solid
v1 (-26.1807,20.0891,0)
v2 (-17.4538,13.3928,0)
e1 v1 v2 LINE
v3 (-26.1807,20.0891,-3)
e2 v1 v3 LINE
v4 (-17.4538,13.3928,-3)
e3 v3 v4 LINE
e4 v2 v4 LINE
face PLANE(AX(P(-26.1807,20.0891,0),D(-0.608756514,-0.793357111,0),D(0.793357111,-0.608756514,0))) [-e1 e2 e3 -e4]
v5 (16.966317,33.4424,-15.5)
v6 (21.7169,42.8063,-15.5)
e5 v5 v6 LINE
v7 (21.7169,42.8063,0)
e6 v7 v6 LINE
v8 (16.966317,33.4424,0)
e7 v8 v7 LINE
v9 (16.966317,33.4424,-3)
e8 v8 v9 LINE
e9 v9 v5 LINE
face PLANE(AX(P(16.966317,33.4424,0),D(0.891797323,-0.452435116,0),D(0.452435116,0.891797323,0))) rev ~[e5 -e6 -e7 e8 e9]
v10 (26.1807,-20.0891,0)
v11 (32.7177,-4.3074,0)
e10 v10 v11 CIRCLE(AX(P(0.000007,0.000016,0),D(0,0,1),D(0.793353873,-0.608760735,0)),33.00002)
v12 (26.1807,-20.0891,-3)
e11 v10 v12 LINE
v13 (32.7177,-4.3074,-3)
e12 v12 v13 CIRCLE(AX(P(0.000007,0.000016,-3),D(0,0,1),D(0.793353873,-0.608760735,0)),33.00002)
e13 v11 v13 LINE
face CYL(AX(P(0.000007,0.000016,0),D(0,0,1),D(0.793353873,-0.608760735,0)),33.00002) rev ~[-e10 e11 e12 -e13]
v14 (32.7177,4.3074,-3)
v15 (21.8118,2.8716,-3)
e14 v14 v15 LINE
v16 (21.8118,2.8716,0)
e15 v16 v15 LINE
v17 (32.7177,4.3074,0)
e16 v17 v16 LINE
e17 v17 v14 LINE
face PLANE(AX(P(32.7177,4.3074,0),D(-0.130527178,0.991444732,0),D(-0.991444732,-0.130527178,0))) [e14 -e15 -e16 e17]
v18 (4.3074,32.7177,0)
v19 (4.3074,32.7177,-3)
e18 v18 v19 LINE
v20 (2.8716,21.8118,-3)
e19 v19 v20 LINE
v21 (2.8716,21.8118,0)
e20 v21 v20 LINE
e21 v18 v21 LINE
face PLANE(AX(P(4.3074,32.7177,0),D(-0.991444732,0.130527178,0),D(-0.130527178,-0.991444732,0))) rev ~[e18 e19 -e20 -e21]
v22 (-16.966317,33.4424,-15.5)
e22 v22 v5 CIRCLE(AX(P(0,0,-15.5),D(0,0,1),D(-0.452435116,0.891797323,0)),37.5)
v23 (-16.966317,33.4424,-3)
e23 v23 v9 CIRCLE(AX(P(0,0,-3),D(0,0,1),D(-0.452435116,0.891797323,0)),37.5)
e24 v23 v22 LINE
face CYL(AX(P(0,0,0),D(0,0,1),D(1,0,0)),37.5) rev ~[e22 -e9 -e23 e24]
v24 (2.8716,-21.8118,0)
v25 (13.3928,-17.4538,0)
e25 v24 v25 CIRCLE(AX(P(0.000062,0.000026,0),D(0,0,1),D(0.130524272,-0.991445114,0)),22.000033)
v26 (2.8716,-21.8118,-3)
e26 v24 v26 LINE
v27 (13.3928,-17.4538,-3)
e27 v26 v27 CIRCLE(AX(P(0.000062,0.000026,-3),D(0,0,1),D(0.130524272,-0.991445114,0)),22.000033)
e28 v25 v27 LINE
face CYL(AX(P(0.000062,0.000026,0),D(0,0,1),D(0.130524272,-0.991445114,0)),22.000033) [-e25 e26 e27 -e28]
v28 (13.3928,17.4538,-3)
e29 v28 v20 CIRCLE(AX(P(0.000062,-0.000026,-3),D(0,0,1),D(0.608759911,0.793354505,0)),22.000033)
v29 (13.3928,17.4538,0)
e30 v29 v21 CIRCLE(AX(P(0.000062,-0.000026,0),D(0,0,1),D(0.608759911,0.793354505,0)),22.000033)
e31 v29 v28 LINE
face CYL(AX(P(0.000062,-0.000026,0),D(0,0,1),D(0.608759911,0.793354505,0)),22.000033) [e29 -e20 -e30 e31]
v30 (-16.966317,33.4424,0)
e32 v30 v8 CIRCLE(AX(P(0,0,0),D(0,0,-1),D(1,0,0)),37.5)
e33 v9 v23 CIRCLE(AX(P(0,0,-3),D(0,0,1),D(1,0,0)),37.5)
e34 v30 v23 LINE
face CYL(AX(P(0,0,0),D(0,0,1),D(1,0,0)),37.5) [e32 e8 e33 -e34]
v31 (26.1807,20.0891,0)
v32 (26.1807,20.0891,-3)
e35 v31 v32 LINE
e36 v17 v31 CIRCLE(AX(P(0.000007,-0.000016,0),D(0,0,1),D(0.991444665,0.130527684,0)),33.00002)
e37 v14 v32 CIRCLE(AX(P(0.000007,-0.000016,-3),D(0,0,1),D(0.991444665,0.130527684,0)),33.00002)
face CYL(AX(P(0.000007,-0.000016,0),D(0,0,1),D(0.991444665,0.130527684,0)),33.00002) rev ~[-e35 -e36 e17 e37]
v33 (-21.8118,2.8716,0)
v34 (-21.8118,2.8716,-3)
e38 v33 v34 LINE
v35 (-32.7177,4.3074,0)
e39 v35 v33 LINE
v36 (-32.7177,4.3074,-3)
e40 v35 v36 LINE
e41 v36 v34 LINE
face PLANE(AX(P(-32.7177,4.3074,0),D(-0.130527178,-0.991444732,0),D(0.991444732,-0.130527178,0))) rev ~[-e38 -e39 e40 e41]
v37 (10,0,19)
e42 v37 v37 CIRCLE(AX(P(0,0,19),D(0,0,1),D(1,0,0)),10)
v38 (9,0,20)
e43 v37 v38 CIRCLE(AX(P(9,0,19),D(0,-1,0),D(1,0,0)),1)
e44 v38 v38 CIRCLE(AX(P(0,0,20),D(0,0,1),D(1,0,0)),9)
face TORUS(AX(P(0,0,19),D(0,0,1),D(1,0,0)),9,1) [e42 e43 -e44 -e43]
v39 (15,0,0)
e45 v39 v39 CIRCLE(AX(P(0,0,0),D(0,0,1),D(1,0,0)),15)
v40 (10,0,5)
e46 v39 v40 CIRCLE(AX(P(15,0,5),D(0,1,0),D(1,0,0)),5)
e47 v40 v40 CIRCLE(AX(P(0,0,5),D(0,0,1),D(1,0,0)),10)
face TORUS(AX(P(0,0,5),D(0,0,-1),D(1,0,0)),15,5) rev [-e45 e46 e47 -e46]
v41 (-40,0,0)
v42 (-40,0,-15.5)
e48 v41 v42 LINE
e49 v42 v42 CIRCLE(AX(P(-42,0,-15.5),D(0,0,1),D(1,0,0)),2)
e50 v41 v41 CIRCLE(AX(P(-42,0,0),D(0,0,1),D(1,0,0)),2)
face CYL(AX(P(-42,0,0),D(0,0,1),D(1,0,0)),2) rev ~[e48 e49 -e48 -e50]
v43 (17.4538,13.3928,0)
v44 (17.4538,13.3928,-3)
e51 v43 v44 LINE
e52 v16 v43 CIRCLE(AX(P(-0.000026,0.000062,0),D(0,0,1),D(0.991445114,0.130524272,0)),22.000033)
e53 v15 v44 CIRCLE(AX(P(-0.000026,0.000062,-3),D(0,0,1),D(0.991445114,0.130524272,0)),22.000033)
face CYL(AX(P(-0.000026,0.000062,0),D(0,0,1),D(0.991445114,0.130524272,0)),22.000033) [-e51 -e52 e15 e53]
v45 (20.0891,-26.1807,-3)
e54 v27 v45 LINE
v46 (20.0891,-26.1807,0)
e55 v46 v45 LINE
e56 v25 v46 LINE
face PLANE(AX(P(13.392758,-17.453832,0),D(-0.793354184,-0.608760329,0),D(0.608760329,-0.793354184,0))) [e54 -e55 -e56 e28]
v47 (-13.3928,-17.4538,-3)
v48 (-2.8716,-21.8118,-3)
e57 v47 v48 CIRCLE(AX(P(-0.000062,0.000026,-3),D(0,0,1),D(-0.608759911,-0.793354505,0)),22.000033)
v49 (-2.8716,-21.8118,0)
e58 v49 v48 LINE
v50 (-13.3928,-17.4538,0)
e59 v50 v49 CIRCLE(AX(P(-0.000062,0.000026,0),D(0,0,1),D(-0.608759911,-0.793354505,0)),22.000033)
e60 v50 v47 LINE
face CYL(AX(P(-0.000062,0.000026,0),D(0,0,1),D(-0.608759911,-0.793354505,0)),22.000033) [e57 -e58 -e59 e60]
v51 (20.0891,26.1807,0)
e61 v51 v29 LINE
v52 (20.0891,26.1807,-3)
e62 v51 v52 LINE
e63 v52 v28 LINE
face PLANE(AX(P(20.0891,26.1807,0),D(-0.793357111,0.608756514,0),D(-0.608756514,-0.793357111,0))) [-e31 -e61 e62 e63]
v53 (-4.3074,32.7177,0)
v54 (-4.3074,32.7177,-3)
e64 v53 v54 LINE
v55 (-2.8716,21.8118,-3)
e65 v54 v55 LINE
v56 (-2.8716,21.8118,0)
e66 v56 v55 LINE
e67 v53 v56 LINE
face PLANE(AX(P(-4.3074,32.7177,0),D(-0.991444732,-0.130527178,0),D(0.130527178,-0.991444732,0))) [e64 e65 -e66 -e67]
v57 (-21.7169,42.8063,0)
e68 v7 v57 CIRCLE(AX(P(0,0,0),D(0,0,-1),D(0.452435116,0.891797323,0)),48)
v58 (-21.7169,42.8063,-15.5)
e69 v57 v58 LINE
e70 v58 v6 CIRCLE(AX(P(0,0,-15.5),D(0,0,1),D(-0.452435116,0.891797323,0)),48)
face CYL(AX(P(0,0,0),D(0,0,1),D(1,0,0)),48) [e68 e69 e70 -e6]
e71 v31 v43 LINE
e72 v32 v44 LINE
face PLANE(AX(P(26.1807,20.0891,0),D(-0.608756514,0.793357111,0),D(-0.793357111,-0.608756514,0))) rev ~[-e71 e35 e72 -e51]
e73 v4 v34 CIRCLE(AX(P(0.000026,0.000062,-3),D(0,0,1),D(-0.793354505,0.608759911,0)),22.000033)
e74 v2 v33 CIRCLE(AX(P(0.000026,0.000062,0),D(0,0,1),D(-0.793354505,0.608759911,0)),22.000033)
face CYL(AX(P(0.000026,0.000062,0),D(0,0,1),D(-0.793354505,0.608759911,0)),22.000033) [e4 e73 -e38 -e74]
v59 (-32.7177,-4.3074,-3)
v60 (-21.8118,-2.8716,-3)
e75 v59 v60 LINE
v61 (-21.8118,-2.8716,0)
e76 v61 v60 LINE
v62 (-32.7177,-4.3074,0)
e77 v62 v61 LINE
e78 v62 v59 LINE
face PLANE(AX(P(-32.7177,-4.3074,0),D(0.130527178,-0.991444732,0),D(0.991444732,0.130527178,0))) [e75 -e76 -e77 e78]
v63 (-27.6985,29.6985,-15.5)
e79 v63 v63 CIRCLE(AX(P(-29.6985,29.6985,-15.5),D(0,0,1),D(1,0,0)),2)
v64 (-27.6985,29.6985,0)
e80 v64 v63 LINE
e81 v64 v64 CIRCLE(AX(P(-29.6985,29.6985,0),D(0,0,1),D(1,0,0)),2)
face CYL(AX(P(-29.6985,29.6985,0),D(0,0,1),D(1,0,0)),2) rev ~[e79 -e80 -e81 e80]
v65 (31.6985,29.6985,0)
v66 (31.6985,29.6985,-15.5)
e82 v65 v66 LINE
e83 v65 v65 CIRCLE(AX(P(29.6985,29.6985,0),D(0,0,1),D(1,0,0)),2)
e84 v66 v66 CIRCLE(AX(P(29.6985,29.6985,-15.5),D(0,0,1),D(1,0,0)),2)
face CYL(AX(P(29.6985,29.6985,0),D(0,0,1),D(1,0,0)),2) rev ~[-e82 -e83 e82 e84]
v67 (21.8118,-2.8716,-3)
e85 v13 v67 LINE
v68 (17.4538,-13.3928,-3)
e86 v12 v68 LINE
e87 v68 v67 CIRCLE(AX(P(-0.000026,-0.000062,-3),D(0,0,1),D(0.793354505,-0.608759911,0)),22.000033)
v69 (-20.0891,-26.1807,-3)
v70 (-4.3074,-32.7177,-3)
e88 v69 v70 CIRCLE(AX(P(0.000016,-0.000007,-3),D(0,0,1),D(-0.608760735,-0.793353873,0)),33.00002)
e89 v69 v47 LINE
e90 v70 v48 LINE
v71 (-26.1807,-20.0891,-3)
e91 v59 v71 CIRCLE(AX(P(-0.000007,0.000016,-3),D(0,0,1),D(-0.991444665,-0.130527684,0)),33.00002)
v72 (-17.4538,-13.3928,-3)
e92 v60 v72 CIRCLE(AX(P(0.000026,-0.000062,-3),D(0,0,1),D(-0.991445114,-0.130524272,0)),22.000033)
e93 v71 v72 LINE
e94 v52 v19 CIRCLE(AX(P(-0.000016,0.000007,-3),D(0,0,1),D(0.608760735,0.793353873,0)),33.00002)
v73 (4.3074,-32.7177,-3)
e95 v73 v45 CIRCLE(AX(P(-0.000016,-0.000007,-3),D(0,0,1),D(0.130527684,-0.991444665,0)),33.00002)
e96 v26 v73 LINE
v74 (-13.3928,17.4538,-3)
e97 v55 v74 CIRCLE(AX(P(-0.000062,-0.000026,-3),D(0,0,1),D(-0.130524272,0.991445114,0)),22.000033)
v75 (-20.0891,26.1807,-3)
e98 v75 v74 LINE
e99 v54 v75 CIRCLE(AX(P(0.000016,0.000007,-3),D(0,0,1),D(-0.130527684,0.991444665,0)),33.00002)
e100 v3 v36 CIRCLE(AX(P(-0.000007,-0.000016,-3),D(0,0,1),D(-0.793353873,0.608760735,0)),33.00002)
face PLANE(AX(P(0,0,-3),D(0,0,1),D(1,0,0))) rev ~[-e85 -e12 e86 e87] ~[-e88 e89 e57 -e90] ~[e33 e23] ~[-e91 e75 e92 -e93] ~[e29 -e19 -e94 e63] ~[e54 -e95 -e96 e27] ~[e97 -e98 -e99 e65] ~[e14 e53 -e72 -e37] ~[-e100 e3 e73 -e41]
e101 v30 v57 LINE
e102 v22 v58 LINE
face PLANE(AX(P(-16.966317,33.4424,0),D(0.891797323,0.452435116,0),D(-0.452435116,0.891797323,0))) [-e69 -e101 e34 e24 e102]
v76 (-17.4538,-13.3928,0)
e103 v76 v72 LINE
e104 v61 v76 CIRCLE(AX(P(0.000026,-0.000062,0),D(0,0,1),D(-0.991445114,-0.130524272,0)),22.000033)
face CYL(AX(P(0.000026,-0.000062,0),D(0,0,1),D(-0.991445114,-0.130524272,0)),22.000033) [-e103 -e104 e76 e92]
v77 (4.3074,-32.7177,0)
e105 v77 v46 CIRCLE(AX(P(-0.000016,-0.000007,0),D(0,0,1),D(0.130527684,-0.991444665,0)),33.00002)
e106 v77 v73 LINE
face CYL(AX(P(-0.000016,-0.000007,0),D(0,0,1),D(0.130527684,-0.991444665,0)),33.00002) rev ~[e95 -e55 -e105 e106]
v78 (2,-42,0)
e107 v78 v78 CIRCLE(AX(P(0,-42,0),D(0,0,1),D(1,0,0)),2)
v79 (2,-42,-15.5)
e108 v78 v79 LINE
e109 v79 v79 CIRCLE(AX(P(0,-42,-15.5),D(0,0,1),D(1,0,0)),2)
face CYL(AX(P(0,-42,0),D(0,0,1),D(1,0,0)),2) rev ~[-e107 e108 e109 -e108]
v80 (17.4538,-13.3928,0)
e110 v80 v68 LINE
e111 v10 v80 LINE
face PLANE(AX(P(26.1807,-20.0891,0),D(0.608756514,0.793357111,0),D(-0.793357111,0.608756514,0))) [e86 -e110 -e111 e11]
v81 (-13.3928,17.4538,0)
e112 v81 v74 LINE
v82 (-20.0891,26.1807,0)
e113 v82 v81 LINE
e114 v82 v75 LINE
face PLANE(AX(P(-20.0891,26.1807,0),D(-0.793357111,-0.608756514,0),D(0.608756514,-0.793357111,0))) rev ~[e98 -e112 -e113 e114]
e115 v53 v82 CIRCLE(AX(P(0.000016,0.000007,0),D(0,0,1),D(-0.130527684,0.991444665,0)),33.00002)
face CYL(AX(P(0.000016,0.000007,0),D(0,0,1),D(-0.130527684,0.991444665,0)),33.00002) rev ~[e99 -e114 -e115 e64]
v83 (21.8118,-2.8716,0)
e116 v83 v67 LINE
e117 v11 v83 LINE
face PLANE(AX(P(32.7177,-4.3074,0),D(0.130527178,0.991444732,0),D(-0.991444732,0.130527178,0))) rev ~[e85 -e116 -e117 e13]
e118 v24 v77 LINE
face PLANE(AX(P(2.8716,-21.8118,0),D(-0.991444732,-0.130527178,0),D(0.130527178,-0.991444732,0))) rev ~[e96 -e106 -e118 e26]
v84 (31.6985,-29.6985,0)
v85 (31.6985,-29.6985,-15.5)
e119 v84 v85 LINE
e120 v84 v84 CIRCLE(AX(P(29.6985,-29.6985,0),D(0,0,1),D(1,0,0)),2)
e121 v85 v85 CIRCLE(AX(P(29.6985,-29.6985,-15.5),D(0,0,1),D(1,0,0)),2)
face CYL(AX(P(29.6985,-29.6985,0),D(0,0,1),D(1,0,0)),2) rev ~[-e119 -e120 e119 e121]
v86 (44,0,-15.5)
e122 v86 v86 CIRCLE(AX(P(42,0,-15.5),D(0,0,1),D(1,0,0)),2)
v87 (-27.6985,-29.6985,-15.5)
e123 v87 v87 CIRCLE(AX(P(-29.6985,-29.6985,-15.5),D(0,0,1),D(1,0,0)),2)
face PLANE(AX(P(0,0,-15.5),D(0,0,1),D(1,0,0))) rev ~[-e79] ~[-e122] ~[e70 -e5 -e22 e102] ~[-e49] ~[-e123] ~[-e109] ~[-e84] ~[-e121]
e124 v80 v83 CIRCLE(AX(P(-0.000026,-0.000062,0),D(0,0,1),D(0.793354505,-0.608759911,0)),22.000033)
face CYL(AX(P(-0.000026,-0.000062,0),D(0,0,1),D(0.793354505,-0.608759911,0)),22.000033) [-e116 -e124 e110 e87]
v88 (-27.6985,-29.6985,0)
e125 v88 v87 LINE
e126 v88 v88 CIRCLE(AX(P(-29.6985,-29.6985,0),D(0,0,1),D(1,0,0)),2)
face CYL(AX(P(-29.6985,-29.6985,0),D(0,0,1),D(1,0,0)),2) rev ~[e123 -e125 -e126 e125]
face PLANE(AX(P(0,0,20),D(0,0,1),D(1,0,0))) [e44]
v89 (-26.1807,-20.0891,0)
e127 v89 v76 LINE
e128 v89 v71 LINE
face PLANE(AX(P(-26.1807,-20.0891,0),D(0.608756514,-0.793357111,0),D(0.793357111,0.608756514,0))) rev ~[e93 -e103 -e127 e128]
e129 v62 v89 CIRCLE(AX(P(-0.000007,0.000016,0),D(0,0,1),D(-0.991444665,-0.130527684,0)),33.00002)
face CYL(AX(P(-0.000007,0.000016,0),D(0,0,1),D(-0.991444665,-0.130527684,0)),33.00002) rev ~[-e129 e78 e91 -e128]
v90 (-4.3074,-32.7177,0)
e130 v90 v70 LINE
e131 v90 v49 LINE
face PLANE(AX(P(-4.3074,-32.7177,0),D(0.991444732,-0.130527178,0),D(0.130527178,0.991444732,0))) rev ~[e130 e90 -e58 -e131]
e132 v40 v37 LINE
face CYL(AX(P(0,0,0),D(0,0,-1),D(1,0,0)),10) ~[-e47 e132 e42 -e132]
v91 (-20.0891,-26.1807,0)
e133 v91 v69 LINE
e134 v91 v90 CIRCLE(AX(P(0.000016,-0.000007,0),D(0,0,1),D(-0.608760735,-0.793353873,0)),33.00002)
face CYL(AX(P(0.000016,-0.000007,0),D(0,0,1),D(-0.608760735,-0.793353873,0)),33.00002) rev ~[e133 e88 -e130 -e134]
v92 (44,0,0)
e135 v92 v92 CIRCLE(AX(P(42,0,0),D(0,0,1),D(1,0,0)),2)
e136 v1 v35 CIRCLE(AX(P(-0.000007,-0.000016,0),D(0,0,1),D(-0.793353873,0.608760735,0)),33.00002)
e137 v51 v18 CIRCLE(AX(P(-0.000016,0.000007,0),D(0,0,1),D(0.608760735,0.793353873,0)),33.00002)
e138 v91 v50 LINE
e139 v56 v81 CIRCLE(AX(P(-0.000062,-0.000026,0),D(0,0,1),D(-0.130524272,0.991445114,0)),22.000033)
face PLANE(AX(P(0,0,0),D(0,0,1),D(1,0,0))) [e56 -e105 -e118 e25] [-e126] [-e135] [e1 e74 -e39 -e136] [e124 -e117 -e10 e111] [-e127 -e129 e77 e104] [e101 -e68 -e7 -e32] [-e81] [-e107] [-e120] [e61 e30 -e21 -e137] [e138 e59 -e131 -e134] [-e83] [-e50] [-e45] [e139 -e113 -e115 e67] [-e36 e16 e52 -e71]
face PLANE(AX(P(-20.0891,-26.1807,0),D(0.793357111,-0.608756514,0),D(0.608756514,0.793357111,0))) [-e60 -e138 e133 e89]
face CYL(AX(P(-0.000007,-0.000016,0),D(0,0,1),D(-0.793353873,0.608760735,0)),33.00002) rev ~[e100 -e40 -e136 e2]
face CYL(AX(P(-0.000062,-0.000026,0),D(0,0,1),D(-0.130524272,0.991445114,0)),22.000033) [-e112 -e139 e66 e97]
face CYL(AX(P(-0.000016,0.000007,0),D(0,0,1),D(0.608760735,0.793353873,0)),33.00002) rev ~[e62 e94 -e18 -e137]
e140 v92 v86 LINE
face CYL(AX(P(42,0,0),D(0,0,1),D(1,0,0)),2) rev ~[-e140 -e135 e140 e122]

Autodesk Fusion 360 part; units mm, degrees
sketch "base" plane through (0, 0, 0) normal (0, 0, 1) x (1, 0, 0)
  circle A0 centre (0, 0) radius 48
  circle A1 centre (0, 0) radius 37.5
  line L0 (0, 0) -> (0, 48)
  line L1 (0, 0) -> (-21.7169, 42.8063)
  line L2 (0, 0) -> (21.7169, 42.8063)
  dimension "d1" = 96
  dimension "d2" = 75
  dimension "d3" = 26.9
extrude "Extrude1" add sketch "base" against normal blind 15.5 contours A0 A1 L1 L2
extrude "Extrude2" add sketch "base" against normal blind 3 contours A1 L0 L2 | A1 L1 L2 | A1 L0 L1
sketch "axis" plane through (0, 0, 0) normal (0, 0, 1) x (1, 0, 0)
  circle A0 centre (0, 0) radius 10
  dimension "d8" = 20
extrude "Extrude3" add sketch "axis" along normal blind 20
fillet "Fillet1" radius 5 1 edges at (-9.3233, 3.6162, 0)
fillet "Fillet2" radius 1 1 edges at (-9.3233, -3.6162, 20)
sketch "thermal gaps" plane through (0, 0, 0) normal (0, 0, 1) x (1, 0, 0)
  line L0 (0, 0) -> (0, -65)
  line L1 (0, 0) -> (4.3074, -32.7177)
  line L2 (0, 0) -> (2.8716, -21.8118)
  line L3 (0, 0) -> (13.3928, -17.4538)
  line L4 (0, 0) -> (20.0891, -26.1807)
  arc A0 (2.8716, -21.8118) -> (13.3928, -17.4538) centre (0, 0) ccw
  arc A1 (4.3074, -32.7177) -> (20.0891, -26.1807) centre (0, 0) ccw
  line L5 (20.0891, -26.1807) -> (13.3928, -17.4538)
  line L6 (4.3074, -32.7177) -> (2.8716, -21.8118)
  line L7 (32.7177, -4.3074) -> (21.8118, -2.8716)
  line L8 (26.1807, -20.0891) -> (17.4538, -13.3928)
  arc A2 (17.4538, -13.3928) -> (21.8118, -2.8716) centre (0, 0) ccw
  arc A3 (26.1807, -20.0891) -> (32.7177, -4.3074) centre (0, 0) ccw
  line L9 (26.1807, 20.0891) -> (17.4538, 13.3928)
  line L10 (32.7177, 4.3074) -> (21.8118, 2.8716)
  arc A4 (21.8118, 2.8716) -> (17.4538, 13.3928) centre (0, 0) ccw
  arc A5 (32.7177, 4.3074) -> (26.1807, 20.0891) centre (0, 0) ccw
  line L11 (4.3074, 32.7177) -> (2.8716, 21.8118)
  line L12 (20.0891, 26.1807) -> (13.3928, 17.4538)
  arc A6 (13.3928, 17.4538) -> (2.8716, 21.8118) centre (0, 0) ccw
  arc A7 (20.0891, 26.1807) -> (4.3074, 32.7177) centre (0, 0) ccw
  line L13 (-20.0891, 26.1807) -> (-13.3928, 17.4538)
  line L14 (-4.3074, 32.7177) -> (-2.8716, 21.8118)
  arc A8 (-2.8716, 21.8118) -> (-13.3928, 17.4538) centre (0, 0) ccw
  arc A9 (-4.3074, 32.7177) -> (-20.0891, 26.1807) centre (0, 0) ccw
  line L15 (-32.7177, 4.3074) -> (-21.8118, 2.8716)
  line L16 (-26.1807, 20.0891) -> (-17.4538, 13.3928)
  arc A10 (-17.4538, 13.3928) -> (-21.8118, 2.8716) centre (0, 0) ccw
  arc A11 (-26.1807, 20.0891) -> (-32.7177, 4.3074) centre (0, 0) ccw
  line L17 (-26.1807, -20.0891) -> (-17.4538, -13.3928)
  line L18 (-32.7177, -4.3074) -> (-21.8118, -2.8716)
  arc A12 (-21.8118, -2.8716) -> (-17.4538, -13.3928) centre (0, 0) ccw
  arc A13 (-32.7177, -4.3074) -> (-26.1807, -20.0891) centre (0, 0) ccw
  line L19 (-4.3074, -32.7177) -> (-2.8716, -21.8118)
  line L20 (-20.0891, -26.1807) -> (-13.3928, -17.4538)
  arc A14 (-13.3928, -17.4538) -> (-2.8716, -21.8118) centre (0, 0) ccw
  arc A15 (-20.0891, -26.1807) -> (-4.3074, -32.7177) centre (0, 0) ccw
  dimension "d15" = 33
  dimension "d16" = 7.5
  dimension "d17" = 22
  dimension "d18" = 22
  dimension "d19" = 33
  dimension "d20" = 30
  dimension "d22" = 360
extrude "Extrude4" cut sketch "thermal gaps" against normal blind 10 contours L1 L4 A0 A1 L5 L6 | L7 L8 A2 A3 | L9 L10 A4 A5 | L11 L12 A6 A7 | L13 L14 A8 A9 | L15 L16 A10 A11 | L17 L18 A12 A13 | L19 L20 A14 A15
sketch "Sketch5" plane through (0, 0, 0) normal (0, 0, 1) x (1, 0, 0)
  line L0 (0, 0) -> (0, 42)
  circle A0 centre (0, 42) radius 2
  circle A1 centre (-29.6985, 29.6985) radius 2
  circle A2 centre (-42, 0) radius 2
  circle A3 centre (-29.6985, -29.6985) radius 2
  circle A4 centre (0, -42) radius 2
  circle A5 centre (29.6985, -29.6985) radius 2
  circle A6 centre (42, 0) radius 2
  circle A7 centre (29.6985, 29.6985) radius 2
  dimension "d25" = 42
  dimension "d26" = 4
  dimension "d28" = 360
extrude "Extrude5" cut sketch "Sketch5" against normal blind 25 contours A1 | A2 | A3 | A4 | A5 | A6 | A7
equation "d3 = ( 53.8 / 2 ) * 1 deg"
